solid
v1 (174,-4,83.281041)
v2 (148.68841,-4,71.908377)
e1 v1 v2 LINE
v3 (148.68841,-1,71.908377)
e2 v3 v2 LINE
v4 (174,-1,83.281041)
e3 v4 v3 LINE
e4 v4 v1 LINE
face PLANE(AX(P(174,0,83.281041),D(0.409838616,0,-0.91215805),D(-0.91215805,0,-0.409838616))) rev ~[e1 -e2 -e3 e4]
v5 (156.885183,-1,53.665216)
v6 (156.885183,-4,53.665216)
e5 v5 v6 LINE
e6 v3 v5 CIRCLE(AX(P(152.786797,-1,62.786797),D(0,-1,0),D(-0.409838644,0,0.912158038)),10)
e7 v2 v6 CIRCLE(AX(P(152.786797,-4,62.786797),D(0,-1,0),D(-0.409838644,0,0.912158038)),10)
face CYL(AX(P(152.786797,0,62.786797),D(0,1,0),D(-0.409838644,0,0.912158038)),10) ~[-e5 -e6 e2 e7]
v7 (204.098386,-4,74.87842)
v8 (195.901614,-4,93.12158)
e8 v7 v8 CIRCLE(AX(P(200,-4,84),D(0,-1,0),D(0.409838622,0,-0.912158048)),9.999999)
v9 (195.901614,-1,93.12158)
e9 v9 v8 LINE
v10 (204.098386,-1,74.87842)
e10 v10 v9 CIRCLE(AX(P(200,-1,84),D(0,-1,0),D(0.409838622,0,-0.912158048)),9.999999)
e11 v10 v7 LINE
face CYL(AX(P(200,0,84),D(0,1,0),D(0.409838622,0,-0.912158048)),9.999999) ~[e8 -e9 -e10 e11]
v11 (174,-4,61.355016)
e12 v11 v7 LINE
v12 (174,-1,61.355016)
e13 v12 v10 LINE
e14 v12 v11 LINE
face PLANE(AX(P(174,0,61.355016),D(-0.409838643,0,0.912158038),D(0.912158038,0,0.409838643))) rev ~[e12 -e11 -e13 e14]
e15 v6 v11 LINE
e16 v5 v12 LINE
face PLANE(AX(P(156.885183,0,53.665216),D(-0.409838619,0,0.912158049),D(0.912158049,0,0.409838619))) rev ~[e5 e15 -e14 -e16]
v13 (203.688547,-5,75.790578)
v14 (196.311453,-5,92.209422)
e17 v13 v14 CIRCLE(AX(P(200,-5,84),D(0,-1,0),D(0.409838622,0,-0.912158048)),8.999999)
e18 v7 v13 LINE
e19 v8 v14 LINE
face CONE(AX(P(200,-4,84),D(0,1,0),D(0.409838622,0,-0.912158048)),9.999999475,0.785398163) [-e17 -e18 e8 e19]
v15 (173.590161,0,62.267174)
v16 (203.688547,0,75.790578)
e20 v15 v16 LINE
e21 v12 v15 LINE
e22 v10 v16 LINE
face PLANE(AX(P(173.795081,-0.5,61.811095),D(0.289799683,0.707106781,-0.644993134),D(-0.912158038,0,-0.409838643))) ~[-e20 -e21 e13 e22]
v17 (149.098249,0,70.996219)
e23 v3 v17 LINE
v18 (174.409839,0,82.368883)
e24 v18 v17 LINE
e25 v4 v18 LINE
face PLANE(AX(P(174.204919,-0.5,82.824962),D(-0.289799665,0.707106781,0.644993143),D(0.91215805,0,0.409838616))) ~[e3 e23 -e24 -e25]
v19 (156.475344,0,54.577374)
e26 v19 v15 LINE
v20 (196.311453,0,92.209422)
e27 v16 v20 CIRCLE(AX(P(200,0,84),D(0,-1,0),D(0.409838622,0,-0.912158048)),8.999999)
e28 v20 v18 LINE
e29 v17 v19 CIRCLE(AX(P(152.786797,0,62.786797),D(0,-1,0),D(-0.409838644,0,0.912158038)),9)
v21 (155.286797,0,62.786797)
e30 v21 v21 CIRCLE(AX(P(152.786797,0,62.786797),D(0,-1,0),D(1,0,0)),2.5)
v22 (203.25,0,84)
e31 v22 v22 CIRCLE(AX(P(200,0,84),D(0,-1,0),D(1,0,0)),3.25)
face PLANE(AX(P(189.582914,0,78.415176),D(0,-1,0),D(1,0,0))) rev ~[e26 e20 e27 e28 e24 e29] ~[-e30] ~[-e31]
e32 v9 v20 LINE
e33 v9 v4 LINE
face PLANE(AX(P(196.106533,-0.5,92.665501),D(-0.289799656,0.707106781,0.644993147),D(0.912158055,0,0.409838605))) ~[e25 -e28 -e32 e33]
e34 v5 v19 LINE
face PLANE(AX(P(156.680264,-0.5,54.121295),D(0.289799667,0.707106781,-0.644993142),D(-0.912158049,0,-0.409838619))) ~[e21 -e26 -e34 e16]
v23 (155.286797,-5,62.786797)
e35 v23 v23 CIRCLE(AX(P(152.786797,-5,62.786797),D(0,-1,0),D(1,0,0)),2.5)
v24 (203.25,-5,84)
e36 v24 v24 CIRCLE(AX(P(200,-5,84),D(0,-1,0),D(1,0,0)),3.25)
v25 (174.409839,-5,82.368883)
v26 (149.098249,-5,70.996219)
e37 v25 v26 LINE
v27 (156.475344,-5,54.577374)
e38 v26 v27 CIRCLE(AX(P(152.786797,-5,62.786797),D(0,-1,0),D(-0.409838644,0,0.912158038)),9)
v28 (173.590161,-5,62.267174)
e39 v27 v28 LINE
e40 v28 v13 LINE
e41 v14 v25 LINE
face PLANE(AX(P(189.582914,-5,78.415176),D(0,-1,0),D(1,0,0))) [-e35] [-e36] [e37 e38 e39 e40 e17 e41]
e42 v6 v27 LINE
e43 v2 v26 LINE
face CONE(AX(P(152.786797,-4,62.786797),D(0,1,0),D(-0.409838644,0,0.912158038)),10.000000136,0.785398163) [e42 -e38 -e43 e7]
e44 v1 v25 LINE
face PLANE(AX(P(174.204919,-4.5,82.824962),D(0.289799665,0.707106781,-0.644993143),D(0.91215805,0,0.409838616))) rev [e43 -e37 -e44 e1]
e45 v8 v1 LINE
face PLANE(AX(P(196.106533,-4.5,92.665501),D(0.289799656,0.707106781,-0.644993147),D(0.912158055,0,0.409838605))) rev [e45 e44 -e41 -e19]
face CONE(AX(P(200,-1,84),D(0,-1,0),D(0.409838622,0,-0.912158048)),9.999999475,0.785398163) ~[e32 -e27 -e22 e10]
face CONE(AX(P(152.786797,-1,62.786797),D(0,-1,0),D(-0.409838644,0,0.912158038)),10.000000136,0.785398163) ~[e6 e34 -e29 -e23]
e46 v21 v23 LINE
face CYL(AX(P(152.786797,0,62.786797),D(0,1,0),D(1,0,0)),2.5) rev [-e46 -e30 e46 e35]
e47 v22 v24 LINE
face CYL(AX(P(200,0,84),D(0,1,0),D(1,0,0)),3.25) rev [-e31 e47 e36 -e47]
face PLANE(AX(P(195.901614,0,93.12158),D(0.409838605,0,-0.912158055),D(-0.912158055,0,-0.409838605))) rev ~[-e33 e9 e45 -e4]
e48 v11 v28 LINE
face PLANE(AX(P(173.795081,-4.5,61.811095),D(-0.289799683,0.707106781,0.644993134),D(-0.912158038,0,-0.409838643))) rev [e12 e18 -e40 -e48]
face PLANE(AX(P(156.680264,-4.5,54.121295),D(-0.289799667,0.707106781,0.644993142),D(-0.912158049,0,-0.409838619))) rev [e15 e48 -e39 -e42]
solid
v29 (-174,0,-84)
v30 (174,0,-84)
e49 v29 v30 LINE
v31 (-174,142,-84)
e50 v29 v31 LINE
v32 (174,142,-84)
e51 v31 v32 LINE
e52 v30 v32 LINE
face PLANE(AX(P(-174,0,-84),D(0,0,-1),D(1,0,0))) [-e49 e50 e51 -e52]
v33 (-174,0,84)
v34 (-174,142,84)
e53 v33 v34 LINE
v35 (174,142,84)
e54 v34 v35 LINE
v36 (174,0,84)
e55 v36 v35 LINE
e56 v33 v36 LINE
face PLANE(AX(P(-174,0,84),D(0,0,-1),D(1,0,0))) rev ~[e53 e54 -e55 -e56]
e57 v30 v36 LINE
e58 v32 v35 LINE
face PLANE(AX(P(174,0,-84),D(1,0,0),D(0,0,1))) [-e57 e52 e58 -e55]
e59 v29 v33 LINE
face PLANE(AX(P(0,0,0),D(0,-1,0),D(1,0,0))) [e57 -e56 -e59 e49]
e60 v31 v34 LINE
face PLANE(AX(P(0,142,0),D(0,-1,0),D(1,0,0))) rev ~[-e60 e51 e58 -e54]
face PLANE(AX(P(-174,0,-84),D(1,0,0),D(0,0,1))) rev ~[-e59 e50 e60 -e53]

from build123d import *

# Parameters (mm, degrees)
F0_W     = 348
F0_H     = 168
F1_DEPTH = 142
F2_R     = 3.25
F2_R_2   = 2.5
F3_DEPTH = 5
F4_SIZE  = 1


with BuildPart() as f1:
    # F0 (on Front) → F1 (new body)
    with BuildSketch(Plane.XZ):
        Rectangle(F0_W, F0_H)
    extrude(amount=-F1_DEPTH)


with BuildPart() as f3:
    # F2 (on face) → F3 (new body)
    with BuildSketch(Plane.XZ):
        with BuildLine():
            Line((174, 61.355016), (204.098386, 74.87842))
            ThreePointArc((204.098386, 74.87842), (209.12158, 88.098386), (195.901614, 93.12158))
            Line((195.901614, 93.12158), (174, 83.281041))
            Line((174, 83.281041), (174, 61.355016))
        make_face()
        with Locations((200, 84)):
            Circle(F2_R, mode=Mode.SUBTRACT)
        with BuildLine():
            Line((156.885183, 53.665216), (174, 61.355016))
            Line((174, 61.355016), (174, 83.281041))
            Line((174, 83.281041), (148.68841, 71.908377))
            ThreePointArc((148.68841, 71.908377), (143.665216, 58.68841), (156.885183, 53.665216))
        make_face()
        with Locations((152.786797, 62.786797)):
            Circle(F2_R_2, mode=Mode.SUBTRACT)
    extrude(amount=F3_DEPTH)

    # F4
    f4_edges = [f3.edges().sort_by_distance(p)[0] for p in [
        (172.295012, -5, 82.514979),
        (172.295012, 0, 82.514979),
    ]]
    chamfer(f4_edges, length=F4_SIZE)


solid = Compound([f1.part, f3.part])
